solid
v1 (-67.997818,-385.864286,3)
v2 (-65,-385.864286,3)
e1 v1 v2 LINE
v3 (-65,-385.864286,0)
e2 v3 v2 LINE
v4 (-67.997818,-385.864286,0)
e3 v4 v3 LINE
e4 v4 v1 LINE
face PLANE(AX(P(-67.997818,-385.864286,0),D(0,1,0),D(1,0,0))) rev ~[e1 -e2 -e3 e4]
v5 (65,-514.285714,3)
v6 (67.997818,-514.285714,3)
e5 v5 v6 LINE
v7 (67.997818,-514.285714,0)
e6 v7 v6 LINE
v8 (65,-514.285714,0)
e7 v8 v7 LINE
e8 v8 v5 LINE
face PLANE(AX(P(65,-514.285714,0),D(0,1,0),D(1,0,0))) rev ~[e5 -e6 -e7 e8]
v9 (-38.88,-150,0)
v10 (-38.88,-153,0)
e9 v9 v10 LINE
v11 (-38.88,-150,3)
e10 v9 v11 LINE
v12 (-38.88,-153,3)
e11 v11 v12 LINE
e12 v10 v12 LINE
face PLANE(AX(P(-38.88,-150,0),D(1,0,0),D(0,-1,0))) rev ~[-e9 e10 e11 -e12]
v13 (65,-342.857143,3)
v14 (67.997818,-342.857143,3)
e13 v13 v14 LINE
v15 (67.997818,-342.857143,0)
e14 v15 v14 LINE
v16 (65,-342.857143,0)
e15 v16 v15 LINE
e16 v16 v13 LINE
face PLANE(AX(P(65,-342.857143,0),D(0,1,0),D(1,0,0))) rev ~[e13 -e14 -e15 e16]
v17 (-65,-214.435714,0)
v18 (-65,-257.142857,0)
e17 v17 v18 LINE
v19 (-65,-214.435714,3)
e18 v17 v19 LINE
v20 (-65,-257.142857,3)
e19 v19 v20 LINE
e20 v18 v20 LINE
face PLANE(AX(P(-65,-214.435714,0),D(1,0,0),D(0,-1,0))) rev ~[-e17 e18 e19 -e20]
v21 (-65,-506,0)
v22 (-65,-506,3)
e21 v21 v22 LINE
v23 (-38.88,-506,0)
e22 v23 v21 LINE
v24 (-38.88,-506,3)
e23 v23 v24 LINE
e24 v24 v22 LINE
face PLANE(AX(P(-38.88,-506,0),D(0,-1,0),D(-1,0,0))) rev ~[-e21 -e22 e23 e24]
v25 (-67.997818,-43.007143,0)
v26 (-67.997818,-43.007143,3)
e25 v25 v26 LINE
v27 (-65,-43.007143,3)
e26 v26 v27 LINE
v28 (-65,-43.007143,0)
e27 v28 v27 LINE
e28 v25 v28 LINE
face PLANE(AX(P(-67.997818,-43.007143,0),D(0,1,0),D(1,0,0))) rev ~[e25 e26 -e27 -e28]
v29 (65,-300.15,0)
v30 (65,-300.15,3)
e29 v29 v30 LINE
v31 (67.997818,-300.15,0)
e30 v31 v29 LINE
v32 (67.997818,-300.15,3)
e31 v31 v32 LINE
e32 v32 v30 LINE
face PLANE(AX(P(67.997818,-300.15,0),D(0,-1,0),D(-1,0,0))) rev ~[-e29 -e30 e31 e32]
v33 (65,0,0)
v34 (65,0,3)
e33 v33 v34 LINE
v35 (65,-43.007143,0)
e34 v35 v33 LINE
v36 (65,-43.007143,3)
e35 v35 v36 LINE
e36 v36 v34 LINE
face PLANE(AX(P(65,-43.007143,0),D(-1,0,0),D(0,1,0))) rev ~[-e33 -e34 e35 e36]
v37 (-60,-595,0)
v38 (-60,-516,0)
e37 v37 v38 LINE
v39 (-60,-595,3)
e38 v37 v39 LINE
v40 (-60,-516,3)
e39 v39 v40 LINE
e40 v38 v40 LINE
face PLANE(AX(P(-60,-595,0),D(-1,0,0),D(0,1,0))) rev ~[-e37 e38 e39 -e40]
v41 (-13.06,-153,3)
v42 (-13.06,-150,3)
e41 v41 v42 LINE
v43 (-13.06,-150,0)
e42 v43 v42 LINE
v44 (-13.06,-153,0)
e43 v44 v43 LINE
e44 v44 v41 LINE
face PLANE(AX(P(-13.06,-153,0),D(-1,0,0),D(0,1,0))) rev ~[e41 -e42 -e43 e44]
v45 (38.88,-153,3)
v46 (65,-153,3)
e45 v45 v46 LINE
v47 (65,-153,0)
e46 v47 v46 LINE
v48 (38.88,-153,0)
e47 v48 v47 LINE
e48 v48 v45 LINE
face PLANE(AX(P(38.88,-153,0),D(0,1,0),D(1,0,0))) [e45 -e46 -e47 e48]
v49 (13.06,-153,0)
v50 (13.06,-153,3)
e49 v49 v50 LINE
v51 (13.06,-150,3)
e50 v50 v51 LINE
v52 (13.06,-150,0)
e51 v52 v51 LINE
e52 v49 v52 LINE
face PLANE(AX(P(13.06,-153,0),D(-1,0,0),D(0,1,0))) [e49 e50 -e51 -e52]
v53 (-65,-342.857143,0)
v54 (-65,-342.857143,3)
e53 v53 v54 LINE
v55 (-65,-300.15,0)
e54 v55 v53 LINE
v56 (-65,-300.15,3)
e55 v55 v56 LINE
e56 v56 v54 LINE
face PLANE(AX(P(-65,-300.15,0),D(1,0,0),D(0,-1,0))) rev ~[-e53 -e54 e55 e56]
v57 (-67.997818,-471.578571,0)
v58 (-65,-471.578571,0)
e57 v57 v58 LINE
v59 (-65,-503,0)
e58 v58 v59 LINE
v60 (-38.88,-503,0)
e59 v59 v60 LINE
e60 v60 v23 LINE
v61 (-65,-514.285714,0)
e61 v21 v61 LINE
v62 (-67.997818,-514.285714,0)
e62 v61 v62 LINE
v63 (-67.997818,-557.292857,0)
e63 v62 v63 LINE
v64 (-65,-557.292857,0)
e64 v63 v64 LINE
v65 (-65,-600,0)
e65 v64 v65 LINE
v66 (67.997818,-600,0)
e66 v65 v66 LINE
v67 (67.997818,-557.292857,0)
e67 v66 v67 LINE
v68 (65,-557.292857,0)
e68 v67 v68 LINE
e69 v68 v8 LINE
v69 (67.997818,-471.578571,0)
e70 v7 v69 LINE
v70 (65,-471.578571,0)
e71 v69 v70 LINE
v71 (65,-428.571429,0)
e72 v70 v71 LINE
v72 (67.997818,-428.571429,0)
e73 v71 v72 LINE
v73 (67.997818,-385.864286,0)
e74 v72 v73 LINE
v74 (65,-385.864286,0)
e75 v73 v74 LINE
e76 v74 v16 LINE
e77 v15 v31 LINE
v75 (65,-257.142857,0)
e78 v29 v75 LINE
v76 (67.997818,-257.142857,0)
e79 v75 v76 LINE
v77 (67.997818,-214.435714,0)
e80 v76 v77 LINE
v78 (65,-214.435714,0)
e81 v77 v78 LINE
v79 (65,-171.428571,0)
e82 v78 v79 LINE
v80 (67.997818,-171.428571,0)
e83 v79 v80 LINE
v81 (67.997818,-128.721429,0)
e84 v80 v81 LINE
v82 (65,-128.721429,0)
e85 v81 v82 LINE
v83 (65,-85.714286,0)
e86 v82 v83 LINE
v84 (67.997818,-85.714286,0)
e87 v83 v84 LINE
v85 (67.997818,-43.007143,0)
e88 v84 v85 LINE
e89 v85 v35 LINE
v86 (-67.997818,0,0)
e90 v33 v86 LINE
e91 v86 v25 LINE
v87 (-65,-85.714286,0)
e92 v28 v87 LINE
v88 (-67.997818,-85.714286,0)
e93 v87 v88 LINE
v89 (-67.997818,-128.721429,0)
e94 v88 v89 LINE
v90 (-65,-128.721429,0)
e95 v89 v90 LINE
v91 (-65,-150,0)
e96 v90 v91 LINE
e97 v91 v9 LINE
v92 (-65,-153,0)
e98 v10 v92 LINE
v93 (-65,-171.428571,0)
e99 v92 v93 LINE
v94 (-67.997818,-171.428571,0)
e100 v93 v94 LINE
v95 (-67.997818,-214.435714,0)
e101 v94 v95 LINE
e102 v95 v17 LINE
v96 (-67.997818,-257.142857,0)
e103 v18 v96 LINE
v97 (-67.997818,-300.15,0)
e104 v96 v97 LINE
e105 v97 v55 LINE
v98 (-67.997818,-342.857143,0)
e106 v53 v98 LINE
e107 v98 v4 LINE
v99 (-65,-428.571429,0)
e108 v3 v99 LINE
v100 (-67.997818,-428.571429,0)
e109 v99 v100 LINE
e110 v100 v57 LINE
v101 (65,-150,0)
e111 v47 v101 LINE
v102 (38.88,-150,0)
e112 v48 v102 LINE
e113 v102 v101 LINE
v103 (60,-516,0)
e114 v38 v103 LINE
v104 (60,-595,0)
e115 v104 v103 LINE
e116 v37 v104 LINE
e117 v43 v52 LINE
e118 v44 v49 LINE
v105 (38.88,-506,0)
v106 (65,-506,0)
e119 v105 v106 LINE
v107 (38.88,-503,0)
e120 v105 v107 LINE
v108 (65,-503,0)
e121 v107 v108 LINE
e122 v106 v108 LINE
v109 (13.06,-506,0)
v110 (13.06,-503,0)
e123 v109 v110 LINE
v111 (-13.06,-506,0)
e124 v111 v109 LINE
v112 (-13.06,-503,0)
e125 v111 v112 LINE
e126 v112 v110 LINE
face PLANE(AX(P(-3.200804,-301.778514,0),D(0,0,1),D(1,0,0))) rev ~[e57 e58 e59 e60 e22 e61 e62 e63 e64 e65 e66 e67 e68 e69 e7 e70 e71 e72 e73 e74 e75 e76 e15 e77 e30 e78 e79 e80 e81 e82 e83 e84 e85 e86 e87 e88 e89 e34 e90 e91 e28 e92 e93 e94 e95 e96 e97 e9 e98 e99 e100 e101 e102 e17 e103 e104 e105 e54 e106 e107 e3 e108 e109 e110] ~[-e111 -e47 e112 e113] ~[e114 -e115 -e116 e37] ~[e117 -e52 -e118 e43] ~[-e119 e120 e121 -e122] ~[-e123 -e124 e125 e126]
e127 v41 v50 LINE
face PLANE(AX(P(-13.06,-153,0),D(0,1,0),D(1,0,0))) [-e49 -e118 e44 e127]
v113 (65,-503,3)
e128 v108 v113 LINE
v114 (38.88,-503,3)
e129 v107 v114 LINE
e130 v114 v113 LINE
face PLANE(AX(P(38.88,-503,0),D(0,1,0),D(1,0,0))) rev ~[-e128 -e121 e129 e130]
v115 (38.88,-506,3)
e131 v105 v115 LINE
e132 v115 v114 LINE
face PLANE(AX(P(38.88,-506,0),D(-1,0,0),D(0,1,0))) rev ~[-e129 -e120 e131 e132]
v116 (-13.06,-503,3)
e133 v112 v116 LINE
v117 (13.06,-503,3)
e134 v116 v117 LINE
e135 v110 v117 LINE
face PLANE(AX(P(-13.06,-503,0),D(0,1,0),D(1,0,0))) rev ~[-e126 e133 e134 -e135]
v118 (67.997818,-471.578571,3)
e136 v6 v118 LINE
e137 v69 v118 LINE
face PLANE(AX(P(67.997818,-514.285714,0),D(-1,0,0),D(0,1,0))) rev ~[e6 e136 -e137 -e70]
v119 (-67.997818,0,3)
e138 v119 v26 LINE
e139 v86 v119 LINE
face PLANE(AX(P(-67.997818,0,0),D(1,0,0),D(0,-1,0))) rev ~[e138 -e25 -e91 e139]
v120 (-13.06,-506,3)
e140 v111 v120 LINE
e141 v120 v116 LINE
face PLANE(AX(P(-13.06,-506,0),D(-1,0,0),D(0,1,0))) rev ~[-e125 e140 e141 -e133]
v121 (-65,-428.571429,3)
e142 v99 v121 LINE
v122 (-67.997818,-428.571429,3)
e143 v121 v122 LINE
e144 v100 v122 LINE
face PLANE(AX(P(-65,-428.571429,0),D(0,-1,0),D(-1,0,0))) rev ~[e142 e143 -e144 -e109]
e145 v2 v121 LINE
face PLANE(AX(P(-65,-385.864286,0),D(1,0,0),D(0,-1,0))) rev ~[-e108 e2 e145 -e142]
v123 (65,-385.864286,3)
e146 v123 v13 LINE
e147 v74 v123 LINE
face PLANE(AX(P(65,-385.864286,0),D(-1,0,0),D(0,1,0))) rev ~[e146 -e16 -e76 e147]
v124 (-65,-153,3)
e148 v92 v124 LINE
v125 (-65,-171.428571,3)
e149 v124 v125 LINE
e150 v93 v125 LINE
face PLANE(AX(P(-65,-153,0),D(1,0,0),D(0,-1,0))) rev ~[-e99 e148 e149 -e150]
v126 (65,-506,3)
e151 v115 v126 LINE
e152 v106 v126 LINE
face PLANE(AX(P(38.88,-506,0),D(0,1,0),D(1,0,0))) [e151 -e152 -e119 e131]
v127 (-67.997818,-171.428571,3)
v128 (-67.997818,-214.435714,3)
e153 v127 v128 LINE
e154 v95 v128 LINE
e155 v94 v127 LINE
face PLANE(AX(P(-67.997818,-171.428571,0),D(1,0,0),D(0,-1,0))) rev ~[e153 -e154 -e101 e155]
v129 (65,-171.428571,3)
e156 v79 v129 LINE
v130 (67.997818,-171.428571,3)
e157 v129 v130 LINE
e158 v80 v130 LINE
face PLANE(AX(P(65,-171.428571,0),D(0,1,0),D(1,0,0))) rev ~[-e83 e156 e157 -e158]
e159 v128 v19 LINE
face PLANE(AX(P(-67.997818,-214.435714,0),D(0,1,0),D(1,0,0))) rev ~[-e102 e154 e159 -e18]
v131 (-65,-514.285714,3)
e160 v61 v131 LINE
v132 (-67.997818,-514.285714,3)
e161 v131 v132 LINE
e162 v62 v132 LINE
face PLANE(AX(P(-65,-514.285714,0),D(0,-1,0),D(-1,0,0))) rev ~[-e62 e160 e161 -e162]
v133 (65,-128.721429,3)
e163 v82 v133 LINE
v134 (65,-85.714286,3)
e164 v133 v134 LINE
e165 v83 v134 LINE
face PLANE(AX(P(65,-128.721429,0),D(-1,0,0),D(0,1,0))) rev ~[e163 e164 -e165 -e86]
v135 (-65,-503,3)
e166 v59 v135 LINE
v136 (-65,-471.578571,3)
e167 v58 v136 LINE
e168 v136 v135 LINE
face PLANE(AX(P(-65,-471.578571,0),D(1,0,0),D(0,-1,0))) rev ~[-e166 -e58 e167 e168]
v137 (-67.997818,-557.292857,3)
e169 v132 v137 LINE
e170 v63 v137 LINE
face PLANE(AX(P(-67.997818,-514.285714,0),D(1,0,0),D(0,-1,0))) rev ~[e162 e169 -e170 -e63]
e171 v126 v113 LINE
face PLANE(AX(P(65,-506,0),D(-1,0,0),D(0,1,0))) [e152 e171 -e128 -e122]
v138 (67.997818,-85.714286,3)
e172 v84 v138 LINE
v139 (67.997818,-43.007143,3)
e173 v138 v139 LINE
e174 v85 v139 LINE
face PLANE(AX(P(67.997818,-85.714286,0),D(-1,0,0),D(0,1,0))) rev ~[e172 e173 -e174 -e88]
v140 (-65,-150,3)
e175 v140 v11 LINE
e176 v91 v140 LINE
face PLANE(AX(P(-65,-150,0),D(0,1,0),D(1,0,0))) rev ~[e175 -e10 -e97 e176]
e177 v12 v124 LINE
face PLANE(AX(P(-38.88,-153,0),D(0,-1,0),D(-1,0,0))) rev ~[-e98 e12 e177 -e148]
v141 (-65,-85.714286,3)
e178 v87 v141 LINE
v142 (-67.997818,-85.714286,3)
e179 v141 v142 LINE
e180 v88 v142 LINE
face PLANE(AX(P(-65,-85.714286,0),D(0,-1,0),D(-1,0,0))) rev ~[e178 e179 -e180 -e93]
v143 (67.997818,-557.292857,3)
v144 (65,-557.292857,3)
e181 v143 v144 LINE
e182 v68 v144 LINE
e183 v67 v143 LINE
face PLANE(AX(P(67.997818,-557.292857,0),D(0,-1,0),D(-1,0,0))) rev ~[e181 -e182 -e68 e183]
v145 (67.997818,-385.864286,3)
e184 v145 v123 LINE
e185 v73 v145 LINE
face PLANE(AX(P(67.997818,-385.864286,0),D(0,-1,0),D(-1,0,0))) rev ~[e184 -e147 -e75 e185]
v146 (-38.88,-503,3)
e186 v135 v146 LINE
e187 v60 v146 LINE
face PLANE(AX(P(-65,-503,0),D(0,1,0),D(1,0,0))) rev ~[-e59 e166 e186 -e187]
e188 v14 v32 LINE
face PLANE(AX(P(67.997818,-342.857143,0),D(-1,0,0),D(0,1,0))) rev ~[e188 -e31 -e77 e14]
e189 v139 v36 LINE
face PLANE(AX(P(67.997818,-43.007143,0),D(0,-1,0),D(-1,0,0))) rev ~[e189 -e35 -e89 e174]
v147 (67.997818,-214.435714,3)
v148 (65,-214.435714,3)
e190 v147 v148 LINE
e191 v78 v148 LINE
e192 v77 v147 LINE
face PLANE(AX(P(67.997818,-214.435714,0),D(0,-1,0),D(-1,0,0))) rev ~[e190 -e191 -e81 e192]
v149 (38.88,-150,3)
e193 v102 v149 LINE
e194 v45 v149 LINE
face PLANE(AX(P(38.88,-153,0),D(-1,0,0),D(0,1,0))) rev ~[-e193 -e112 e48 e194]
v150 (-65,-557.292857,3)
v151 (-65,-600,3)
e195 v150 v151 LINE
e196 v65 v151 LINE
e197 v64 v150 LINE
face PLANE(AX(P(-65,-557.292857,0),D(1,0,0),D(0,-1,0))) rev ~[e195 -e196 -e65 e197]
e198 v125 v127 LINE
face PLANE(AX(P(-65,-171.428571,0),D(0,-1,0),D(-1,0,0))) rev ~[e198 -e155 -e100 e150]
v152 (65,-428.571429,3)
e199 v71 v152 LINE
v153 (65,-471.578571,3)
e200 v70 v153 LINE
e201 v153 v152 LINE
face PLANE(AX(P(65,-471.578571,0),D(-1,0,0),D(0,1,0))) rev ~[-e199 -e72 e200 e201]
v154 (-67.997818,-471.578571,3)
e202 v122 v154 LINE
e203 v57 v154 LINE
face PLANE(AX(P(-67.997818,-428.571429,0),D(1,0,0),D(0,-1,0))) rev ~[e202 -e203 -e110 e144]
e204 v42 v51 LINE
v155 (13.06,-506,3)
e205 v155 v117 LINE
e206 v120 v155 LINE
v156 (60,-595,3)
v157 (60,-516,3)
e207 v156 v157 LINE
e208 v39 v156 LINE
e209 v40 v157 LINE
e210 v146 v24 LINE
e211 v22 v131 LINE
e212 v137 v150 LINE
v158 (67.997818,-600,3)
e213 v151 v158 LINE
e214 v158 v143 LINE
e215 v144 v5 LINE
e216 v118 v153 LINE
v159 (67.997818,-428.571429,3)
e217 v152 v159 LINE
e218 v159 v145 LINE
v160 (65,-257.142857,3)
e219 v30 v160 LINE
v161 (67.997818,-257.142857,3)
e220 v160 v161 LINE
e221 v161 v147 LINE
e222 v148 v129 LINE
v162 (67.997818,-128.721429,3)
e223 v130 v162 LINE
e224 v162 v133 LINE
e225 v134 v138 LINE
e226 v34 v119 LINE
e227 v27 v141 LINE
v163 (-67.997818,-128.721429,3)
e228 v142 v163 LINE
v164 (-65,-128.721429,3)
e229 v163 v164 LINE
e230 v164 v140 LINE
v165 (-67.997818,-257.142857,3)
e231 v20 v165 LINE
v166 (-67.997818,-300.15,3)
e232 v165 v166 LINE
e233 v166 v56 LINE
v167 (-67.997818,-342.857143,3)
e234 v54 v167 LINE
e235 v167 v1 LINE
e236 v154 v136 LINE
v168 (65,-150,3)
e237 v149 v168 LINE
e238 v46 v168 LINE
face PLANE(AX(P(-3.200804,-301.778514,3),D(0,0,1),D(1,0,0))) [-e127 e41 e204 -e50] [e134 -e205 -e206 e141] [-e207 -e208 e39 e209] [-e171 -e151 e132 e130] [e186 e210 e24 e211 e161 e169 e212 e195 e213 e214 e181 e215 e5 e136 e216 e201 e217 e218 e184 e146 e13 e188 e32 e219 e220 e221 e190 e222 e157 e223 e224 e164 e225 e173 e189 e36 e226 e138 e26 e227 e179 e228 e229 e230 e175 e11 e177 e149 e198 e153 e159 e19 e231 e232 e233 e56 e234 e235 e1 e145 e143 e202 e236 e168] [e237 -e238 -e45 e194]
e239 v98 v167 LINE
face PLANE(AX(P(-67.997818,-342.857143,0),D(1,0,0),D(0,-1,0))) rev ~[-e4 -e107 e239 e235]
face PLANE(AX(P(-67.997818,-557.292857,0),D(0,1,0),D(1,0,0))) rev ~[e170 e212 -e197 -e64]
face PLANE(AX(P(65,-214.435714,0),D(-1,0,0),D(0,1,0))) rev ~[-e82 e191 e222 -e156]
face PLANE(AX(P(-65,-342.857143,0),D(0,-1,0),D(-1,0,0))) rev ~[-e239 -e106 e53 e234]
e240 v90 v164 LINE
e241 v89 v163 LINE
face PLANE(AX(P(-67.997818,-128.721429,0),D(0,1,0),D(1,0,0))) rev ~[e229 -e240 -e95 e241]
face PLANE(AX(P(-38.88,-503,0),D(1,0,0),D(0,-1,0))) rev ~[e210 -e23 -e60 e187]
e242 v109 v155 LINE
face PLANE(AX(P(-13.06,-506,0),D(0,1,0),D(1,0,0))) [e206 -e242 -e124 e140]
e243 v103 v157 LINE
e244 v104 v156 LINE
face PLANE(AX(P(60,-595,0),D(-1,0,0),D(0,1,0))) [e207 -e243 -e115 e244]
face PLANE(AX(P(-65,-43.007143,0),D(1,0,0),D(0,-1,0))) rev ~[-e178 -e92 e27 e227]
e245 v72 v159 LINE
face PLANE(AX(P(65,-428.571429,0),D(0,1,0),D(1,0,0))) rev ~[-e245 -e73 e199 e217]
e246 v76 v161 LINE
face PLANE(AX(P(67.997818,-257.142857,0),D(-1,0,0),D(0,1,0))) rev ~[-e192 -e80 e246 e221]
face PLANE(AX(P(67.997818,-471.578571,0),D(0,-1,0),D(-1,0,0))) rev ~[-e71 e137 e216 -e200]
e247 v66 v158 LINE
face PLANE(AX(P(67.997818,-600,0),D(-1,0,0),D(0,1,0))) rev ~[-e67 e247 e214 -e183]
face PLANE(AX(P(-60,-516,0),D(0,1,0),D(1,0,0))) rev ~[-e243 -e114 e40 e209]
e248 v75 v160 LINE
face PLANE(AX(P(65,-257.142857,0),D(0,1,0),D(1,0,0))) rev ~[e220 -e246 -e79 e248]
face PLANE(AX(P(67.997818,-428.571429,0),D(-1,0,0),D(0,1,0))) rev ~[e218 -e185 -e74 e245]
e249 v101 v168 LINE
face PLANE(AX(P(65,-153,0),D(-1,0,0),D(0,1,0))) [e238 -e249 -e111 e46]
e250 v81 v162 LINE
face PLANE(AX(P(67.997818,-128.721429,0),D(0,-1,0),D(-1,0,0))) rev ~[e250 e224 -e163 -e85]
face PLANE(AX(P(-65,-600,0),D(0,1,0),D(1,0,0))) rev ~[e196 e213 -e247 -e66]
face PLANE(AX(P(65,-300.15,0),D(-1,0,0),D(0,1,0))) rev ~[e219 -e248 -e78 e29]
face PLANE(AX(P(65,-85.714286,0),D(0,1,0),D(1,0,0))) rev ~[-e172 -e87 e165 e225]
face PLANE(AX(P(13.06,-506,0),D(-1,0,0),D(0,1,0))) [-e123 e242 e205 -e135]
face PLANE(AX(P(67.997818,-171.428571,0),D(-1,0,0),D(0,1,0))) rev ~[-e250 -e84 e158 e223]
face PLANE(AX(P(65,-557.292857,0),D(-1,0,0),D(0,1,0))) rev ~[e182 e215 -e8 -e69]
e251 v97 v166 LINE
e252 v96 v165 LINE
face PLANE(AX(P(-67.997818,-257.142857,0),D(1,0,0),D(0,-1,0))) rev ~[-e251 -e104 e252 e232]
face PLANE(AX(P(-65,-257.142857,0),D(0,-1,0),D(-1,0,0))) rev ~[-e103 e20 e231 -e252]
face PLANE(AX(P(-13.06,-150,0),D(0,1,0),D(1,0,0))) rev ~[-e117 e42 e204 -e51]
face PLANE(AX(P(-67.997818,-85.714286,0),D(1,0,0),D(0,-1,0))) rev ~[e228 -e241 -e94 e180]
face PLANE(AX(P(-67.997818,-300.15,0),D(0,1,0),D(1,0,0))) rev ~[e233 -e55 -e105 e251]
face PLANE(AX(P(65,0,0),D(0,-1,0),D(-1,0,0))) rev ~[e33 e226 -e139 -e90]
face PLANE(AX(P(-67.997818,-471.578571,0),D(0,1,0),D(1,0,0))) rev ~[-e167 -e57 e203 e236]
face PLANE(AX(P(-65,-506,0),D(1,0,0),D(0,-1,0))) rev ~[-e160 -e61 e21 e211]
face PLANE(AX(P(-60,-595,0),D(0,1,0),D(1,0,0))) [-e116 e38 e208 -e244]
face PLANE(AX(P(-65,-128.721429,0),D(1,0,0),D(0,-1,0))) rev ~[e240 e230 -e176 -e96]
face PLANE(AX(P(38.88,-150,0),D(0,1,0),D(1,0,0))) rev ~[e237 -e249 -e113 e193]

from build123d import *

# Parameters (mm, degrees)
SKETCH1_W           = 120
SKETCH1_H           = 79
SKETCH1_W_2         = 26.12
SKETCH1_H_2         = 3
BOSS_EXTRUDE1_DEPTH = 3


with BuildPart() as part:
    # Sketch1 → Boss-Extrude1 (new body)
    with BuildSketch(Plane.XY):
        Polygon((65, 0), (-67.997818333, 0), (-67.997818333, -43.007142857), (-65, -43.007142857), (-65, -85.714285714), (-67.997818333, -85.714285714), (-67.997818333, -128.721428571), (-65, -128.721428571), (-65, -150), (-38.88, -150), (-38.88, -153), (-65, -153), (-65, -171.428571429), (-67.997818333, -171.428571429), (-67.997818333, -214.435714286), (-65, -214.435714286), (-65, -257.142857143), (-67.997818333, -257.142857143), (-67.997818333, -300.15), (-65, -300.15), (-65, -342.857142857), (-67.997818333, -342.857142857), (-67.997818333, -385.864285714), (-65, -385.864285714), (-65, -428.571428571), (-67.997818333, -428.571428571), (-67.997818333, -471.578571429), (-65, -471.578571429), (-65, -503), (-38.88, -503), (-38.88, -506), (-65, -506), (-65, -514.285714286), (-67.997818333, -514.285714286), (-67.997818333, -557.292857143), (-65, -557.292857143), (-65, -600), (67.997818333, -600), (67.997818333, -557.292857143), (65, -557.292857143), (65, -514.285714286), (67.997818333, -514.285714286), (67.997818333, -471.578571429), (65, -471.578571429), (65, -428.571428571), (67.997818333, -428.571428571), (67.997818333, -385.864285714), (65, -385.864285714), (65, -342.857142857), (67.997818333, -342.857142857), (67.997818333, -300.15), (65, -300.15), (65, -257.142857143), (67.997818333, -257.142857143), (67.997818333, -214.435714286), (65, -214.435714286), (65, -171.428571429), (67.997818333, -171.428571429), (67.997818333, -128.721428571), (65, -128.721428571), (65, -85.714285714), (67.997818333, -85.714285714), (67.997818333, -43.007142857), (65, -43.007142857), align=None)
        with Locations((0, -555.5)):
            Rectangle(SKETCH1_W, SKETCH1_H, mode=Mode.SUBTRACT)
        with Locations((0, -504.5)):
            Rectangle(SKETCH1_W_2, SKETCH1_H_2, mode=Mode.SUBTRACT)
        with Locations((51.94, -504.5)):
            Rectangle(SKETCH1_W_2, SKETCH1_H_2, mode=Mode.SUBTRACT)
        with Locations((0, -151.5)):
            Rectangle(SKETCH1_W_2, SKETCH1_H_2, mode=Mode.SUBTRACT)
        with Locations((51.94, -151.5)):
            Rectangle(SKETCH1_W_2, SKETCH1_H_2, mode=Mode.SUBTRACT)
    extrude(amount=BOSS_EXTRUDE1_DEPTH)


solid = part.part
